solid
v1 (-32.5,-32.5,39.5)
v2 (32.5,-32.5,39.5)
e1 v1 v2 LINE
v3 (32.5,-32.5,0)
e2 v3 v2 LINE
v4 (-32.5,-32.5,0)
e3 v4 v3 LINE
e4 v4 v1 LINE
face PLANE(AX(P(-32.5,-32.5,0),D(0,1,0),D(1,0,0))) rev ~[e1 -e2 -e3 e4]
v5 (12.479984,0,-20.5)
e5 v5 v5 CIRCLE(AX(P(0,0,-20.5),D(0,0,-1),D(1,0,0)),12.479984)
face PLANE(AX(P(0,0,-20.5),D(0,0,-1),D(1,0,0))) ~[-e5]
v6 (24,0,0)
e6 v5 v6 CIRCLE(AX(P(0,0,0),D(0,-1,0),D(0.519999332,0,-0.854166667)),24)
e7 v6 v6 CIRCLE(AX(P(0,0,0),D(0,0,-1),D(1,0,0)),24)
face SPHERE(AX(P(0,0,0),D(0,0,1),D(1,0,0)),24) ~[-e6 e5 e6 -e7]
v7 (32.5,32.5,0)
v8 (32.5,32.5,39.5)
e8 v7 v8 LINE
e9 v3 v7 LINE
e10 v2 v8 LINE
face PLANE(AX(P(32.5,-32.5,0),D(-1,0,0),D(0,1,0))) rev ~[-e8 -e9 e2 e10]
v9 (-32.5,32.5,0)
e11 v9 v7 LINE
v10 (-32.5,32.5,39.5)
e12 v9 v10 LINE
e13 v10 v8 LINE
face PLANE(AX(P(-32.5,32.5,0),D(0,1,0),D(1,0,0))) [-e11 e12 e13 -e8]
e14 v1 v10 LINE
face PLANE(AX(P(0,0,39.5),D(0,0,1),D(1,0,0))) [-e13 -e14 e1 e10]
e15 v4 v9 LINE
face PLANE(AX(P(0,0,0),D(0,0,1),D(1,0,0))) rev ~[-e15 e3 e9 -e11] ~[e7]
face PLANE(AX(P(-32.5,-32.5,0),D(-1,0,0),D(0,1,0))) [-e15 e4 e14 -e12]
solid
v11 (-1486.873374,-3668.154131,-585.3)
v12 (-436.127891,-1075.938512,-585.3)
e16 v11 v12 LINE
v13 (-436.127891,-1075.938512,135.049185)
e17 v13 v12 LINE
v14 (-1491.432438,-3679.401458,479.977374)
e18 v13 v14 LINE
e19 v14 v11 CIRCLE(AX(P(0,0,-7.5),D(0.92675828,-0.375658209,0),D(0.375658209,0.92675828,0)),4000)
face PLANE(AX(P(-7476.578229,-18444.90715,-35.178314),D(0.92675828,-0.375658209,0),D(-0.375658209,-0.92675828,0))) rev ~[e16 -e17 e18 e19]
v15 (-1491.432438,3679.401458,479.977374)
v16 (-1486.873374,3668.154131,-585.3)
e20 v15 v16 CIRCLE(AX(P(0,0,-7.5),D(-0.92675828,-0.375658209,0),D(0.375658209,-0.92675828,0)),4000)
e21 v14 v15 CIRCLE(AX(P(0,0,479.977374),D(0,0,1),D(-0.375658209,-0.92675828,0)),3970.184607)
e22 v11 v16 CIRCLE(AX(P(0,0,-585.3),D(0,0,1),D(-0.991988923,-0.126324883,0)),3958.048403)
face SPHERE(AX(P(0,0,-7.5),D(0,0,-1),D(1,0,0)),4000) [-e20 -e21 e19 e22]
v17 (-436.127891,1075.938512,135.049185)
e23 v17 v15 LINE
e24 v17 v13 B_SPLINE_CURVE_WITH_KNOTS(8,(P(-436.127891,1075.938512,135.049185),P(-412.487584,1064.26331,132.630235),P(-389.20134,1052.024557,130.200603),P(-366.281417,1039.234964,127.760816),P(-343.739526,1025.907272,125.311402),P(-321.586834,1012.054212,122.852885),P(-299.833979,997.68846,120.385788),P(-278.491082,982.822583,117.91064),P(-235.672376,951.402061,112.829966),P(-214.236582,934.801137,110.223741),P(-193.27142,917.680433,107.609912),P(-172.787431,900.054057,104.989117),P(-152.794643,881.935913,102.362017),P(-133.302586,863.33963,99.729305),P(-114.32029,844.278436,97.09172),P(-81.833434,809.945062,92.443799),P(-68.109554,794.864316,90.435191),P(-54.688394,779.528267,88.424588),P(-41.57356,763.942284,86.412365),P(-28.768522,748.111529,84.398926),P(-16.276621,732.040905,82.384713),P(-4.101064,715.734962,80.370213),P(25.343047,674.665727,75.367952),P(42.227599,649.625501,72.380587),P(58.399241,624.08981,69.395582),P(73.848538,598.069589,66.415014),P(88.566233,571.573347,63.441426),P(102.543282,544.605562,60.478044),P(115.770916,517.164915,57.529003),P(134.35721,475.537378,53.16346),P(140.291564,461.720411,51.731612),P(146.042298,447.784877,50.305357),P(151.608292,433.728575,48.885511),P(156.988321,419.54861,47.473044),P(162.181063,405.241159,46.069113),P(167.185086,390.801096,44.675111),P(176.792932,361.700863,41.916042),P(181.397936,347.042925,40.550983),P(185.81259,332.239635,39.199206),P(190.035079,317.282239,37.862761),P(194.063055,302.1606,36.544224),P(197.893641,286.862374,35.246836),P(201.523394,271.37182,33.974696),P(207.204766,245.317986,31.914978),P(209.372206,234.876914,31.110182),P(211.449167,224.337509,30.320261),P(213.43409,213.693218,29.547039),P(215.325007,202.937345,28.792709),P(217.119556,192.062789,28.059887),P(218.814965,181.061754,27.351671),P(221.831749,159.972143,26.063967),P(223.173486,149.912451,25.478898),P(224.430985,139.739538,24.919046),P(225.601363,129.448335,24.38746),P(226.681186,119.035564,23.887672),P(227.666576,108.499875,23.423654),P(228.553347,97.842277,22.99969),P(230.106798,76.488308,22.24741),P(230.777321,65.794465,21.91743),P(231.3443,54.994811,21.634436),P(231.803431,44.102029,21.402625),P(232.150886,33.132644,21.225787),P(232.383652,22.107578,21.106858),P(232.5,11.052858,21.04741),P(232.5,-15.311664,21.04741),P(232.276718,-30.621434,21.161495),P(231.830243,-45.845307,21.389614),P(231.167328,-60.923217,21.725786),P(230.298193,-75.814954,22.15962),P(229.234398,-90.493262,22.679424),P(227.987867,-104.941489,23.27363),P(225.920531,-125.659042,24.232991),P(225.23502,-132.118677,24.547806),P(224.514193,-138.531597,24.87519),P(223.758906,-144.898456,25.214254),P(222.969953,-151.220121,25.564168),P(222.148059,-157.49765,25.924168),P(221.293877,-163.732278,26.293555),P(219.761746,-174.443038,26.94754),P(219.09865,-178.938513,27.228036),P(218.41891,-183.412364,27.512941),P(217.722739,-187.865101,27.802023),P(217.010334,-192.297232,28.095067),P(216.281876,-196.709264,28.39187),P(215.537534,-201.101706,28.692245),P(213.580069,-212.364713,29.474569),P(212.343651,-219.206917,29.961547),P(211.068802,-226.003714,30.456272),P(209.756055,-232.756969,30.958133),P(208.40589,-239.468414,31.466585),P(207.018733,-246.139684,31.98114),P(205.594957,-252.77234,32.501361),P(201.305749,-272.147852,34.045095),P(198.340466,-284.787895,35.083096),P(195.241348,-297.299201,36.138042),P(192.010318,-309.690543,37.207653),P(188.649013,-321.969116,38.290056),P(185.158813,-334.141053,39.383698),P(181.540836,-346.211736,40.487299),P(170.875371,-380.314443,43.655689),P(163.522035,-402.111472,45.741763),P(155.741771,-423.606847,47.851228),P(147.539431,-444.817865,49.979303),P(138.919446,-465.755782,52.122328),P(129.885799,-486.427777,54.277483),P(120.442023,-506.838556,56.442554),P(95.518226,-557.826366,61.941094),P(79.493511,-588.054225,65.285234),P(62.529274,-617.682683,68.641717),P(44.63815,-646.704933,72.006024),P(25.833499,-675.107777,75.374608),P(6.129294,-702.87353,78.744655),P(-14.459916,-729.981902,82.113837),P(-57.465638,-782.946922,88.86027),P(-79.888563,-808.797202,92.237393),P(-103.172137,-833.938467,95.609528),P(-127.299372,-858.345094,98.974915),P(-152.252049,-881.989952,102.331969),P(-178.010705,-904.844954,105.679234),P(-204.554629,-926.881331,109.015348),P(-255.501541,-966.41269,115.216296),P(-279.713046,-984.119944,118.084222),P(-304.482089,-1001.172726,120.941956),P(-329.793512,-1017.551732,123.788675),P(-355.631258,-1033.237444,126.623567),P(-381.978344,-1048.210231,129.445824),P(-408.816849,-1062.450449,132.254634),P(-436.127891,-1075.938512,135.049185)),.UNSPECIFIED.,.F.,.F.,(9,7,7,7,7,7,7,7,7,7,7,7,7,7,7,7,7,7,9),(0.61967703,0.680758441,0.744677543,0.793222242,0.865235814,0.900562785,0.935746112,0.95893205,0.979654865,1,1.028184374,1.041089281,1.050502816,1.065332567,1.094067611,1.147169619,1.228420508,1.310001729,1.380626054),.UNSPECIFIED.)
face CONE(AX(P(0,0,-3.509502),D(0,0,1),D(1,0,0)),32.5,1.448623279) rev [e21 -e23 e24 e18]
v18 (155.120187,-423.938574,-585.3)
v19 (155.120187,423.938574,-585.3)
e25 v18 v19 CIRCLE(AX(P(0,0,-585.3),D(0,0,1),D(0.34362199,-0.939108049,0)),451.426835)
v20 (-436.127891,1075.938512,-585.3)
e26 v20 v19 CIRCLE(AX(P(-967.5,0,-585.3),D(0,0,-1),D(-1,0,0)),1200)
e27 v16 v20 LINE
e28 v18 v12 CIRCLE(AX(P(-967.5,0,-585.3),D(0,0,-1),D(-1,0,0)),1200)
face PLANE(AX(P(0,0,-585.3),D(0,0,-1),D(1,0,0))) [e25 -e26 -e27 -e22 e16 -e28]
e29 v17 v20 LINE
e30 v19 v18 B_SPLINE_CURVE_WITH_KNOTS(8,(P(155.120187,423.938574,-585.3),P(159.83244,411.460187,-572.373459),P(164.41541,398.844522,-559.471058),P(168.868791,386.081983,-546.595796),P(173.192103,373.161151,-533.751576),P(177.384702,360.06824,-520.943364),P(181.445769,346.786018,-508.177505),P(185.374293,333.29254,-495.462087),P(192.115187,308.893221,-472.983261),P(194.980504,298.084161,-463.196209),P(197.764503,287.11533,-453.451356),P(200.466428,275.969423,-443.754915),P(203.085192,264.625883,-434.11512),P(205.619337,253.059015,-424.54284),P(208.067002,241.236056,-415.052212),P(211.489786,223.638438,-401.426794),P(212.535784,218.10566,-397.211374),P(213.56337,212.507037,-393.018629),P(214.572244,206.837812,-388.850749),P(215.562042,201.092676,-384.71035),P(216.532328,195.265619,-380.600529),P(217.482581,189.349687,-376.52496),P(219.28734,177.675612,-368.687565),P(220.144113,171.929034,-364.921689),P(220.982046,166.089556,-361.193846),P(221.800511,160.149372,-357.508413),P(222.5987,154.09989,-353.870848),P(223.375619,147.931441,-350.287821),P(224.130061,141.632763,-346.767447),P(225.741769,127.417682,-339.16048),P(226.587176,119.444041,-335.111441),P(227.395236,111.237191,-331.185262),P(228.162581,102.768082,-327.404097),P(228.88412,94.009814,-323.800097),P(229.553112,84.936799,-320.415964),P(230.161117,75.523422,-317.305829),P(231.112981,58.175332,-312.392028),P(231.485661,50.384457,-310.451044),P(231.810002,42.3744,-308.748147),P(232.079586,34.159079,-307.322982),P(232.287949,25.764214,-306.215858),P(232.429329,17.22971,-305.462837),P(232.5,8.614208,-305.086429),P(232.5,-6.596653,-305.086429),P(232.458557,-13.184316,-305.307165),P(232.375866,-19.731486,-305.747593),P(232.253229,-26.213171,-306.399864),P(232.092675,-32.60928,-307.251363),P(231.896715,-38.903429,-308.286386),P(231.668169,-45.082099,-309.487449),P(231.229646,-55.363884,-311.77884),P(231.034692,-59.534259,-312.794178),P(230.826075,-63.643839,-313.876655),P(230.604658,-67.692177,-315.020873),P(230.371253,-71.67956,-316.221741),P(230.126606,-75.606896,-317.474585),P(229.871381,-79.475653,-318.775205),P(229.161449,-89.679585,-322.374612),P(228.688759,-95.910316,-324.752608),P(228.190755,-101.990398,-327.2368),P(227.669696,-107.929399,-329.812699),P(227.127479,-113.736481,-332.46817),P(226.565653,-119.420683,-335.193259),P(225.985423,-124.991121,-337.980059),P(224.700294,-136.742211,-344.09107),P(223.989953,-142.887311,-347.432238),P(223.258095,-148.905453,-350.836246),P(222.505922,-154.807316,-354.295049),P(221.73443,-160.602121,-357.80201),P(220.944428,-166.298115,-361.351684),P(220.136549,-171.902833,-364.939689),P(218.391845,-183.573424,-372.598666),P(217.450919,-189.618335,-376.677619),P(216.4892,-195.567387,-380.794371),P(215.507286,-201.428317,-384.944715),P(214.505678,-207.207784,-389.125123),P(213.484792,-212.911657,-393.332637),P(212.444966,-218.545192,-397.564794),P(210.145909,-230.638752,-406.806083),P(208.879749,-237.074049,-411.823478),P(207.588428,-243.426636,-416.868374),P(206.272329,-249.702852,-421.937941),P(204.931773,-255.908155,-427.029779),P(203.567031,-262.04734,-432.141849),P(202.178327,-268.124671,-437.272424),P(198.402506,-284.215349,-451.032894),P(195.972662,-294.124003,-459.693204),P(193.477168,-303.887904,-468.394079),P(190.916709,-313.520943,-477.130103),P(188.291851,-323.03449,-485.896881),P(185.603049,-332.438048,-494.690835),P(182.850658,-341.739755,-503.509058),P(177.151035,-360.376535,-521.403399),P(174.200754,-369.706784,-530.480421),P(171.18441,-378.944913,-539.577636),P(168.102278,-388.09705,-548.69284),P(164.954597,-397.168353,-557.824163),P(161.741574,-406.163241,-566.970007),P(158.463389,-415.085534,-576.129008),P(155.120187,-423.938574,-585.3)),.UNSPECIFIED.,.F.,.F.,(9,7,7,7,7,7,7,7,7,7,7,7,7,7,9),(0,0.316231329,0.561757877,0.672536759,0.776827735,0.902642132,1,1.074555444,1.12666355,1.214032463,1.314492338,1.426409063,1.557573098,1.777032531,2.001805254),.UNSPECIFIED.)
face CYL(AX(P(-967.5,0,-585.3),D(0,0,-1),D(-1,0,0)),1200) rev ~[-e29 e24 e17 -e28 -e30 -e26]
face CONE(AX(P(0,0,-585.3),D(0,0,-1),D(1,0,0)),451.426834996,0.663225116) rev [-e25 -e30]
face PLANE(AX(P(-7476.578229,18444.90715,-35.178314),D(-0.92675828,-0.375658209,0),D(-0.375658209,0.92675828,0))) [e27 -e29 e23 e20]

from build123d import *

# Parameters (mm, degrees)
SCHIZZO1_W                    = 65
SCHIZZO1_H                    = 65
ESTRUSIONE_ESTRUSIONE1_DEPTH  = 39.5
TAGLIO_ESTRUSIONE4_REACH      = 5711.959
TAGLIO_ESTRUSIONE4_END_RADIUS = 4000
SCHIZZO8_W                    = 775.2
SCHIZZO8_H                    = 1000
SCHIZZO8_W_2                  = 524.8
TAGLIA_RIVOLUZIONE1_ANGLE     = 135.87
TAGLIO_ESTRUSIONE11_REACH     = 5758.285
SCHIZZO16_R                   = 1200


with BuildPart() as part:
    # Schizzo1 → Estrusione-Estrusione1 (new body)
    with BuildSketch(Plane.XY):
        Rectangle(SCHIZZO1_W, SCHIZZO1_H)
    extrude(amount=ESTRUSIONE_ESTRUSIONE1_DEPTH)

    # Schizzo2 → Rivoluzione1 (revolve)
    with BuildSketch(Plane(origin=(0, 0, 0), x_dir=(1, 0, 0), z_dir=(0, 1, 0))):
        with BuildLine():
            Line((0, 0), (0, 20.5))
            Line((0, 20.5), (12.479983974, 20.5))
            ThreePointArc((12.479983974, 20.5), (20.922710333, 11.757558943), (24, 0))
            Line((24, 0), (0, 0))
        make_face()
    revolve(axis=Axis((0, 0, 0), (0, 0, -1)))


with BuildPart() as body_2:
    # Schizzo5 → Rivoluzione5 (revolve)
    with BuildSketch(Plane(origin=(0, 0, 0), x_dir=(1, 0, 0), z_dir=(0, 1, 0))):
        with BuildLine():
            Line((32.5, 3.509501771), (3970.184606565, -479.977373621))
            ThreePointArc((3970.184606565, -479.977373621), (3999.74044582, 53.06715998), (3958.048402938, 585.3))
            Line((3958.048402938, 585.3), (451.426834996, 585.3))
            Line((451.426834996, 585.3), (20.15926203, 33.302678747))
            ThreePointArc((20.15926203, 33.302678747), (30.251575463, 20.03061284), (32.5, 3.509501771))
        make_face()
    revolve(axis=Axis((0, 0, 992.5), (0, 0, -1)))

    # Taglio-Estrusione4: up to this sphere (the profile starts inside it)
    taglio_estrusione4_end = Location((0, 0, -7.5)) * Sphere(TAGLIO_ESTRUSIONE4_END_RADIUS, mode=Mode.PRIVATE)
    # Schizzo8 → Taglio-Estrusione4 (cut, up to the surface)
    with BuildSketch(Plane(origin=(32.5, 0, 0), x_dir=(0, 0, -1), z_dir=(1, 0, 0)), mode=Mode.PRIVATE) as taglio_estrusione4_sk1:
        with Locations((-427.1, 0)):
            Rectangle(SCHIZZO8_W, SCHIZZO8_H)
    taglio_estrusione4_tool1 = extrude(taglio_estrusione4_sk1.sketch, amount=-TAGLIO_ESTRUSIONE4_REACH, mode=Mode.PRIVATE) & taglio_estrusione4_end
    add(taglio_estrusione4_tool1.solids().sort_by_distance((32.5, 0, 427.1))[0], mode=Mode.SUBTRACT)
    # Schizzo8 → Taglio-Estrusione4 (cut, up to the surface)
    with BuildSketch(Plane(origin=(32.5, 0, 0), x_dir=(0, 0, -1), z_dir=(1, 0, 0)), mode=Mode.PRIVATE) as taglio_estrusione4_sk2:
        with Locations((322.9, 0)):
            Rectangle(SCHIZZO8_W_2, SCHIZZO8_H)
    taglio_estrusione4_tool2 = extrude(taglio_estrusione4_sk2.sketch, amount=-TAGLIO_ESTRUSIONE4_REACH, mode=Mode.PRIVATE) & taglio_estrusione4_end
    add(taglio_estrusione4_tool2.solids().sort_by_distance((32.5, 0, -322.9))[0], mode=Mode.SUBTRACT)

    # Schizzo11 → Taglia-Rivoluzione1 (revolve, symmetric, cut)
    with BuildSketch(Plane(origin=(0, 0, 0), x_dir=(1, 0, 0), z_dir=(0, 1, 0))) as taglia_rivoluzione1_sk:
        Polygon((0, -514.7), (-40000, -514.7), (-40000, 585.3), (0, 585.3), (0, 60.5), (-202.66, 60.5), (-202.66, -39.5), (0, -39.5), align=None)
    revolve(axis=Axis((0, 0, 992.5), (0, 0, -1)), revolution_arc=TAGLIA_RIVOLUZIONE1_ANGLE / 2, mode=Mode.SUBTRACT)
    revolve(taglia_rivoluzione1_sk.sketch, axis=Axis((0, 0, 992.5), (0, 0, 1)), revolution_arc=TAGLIA_RIVOLUZIONE1_ANGLE / 2, mode=Mode.SUBTRACT)

    # Taglio-Estrusione11: up to this cone (the profile starts outside it)
    taglio_estrusione11_end = Plane(origin=(0, 0, -585.3), z_dir=(0, 0, 1)).offset(577.800001) * Cone(8.144e-06, 42195.736678139, 5180.984999, align=(Align.CENTER, Align.CENTER, Align.MIN), mode=Mode.PRIVATE)
    # Schizzo16 → Taglio-Estrusione11 (cut, up to the surface)
    with BuildSketch(Plane(origin=(0, 0, -585.3), x_dir=(-1, 0, 0), z_dir=(0, 0, -1)), mode=Mode.PRIVATE) as taglio_estrusione11_sk1:
        with Locations((967.5, 0)):
            Circle(SCHIZZO16_R)
    taglio_estrusione11_tool1 = extrude(taglio_estrusione11_sk1.sketch, amount=-TAGLIO_ESTRUSIONE11_REACH, mode=Mode.PRIVATE) - taglio_estrusione11_end
    add(taglio_estrusione11_tool1.solids().sort_by_distance((-967.5, 0, -585.3))[0], mode=Mode.SUBTRACT)


solid = Compound([part.part, body_2.part])
